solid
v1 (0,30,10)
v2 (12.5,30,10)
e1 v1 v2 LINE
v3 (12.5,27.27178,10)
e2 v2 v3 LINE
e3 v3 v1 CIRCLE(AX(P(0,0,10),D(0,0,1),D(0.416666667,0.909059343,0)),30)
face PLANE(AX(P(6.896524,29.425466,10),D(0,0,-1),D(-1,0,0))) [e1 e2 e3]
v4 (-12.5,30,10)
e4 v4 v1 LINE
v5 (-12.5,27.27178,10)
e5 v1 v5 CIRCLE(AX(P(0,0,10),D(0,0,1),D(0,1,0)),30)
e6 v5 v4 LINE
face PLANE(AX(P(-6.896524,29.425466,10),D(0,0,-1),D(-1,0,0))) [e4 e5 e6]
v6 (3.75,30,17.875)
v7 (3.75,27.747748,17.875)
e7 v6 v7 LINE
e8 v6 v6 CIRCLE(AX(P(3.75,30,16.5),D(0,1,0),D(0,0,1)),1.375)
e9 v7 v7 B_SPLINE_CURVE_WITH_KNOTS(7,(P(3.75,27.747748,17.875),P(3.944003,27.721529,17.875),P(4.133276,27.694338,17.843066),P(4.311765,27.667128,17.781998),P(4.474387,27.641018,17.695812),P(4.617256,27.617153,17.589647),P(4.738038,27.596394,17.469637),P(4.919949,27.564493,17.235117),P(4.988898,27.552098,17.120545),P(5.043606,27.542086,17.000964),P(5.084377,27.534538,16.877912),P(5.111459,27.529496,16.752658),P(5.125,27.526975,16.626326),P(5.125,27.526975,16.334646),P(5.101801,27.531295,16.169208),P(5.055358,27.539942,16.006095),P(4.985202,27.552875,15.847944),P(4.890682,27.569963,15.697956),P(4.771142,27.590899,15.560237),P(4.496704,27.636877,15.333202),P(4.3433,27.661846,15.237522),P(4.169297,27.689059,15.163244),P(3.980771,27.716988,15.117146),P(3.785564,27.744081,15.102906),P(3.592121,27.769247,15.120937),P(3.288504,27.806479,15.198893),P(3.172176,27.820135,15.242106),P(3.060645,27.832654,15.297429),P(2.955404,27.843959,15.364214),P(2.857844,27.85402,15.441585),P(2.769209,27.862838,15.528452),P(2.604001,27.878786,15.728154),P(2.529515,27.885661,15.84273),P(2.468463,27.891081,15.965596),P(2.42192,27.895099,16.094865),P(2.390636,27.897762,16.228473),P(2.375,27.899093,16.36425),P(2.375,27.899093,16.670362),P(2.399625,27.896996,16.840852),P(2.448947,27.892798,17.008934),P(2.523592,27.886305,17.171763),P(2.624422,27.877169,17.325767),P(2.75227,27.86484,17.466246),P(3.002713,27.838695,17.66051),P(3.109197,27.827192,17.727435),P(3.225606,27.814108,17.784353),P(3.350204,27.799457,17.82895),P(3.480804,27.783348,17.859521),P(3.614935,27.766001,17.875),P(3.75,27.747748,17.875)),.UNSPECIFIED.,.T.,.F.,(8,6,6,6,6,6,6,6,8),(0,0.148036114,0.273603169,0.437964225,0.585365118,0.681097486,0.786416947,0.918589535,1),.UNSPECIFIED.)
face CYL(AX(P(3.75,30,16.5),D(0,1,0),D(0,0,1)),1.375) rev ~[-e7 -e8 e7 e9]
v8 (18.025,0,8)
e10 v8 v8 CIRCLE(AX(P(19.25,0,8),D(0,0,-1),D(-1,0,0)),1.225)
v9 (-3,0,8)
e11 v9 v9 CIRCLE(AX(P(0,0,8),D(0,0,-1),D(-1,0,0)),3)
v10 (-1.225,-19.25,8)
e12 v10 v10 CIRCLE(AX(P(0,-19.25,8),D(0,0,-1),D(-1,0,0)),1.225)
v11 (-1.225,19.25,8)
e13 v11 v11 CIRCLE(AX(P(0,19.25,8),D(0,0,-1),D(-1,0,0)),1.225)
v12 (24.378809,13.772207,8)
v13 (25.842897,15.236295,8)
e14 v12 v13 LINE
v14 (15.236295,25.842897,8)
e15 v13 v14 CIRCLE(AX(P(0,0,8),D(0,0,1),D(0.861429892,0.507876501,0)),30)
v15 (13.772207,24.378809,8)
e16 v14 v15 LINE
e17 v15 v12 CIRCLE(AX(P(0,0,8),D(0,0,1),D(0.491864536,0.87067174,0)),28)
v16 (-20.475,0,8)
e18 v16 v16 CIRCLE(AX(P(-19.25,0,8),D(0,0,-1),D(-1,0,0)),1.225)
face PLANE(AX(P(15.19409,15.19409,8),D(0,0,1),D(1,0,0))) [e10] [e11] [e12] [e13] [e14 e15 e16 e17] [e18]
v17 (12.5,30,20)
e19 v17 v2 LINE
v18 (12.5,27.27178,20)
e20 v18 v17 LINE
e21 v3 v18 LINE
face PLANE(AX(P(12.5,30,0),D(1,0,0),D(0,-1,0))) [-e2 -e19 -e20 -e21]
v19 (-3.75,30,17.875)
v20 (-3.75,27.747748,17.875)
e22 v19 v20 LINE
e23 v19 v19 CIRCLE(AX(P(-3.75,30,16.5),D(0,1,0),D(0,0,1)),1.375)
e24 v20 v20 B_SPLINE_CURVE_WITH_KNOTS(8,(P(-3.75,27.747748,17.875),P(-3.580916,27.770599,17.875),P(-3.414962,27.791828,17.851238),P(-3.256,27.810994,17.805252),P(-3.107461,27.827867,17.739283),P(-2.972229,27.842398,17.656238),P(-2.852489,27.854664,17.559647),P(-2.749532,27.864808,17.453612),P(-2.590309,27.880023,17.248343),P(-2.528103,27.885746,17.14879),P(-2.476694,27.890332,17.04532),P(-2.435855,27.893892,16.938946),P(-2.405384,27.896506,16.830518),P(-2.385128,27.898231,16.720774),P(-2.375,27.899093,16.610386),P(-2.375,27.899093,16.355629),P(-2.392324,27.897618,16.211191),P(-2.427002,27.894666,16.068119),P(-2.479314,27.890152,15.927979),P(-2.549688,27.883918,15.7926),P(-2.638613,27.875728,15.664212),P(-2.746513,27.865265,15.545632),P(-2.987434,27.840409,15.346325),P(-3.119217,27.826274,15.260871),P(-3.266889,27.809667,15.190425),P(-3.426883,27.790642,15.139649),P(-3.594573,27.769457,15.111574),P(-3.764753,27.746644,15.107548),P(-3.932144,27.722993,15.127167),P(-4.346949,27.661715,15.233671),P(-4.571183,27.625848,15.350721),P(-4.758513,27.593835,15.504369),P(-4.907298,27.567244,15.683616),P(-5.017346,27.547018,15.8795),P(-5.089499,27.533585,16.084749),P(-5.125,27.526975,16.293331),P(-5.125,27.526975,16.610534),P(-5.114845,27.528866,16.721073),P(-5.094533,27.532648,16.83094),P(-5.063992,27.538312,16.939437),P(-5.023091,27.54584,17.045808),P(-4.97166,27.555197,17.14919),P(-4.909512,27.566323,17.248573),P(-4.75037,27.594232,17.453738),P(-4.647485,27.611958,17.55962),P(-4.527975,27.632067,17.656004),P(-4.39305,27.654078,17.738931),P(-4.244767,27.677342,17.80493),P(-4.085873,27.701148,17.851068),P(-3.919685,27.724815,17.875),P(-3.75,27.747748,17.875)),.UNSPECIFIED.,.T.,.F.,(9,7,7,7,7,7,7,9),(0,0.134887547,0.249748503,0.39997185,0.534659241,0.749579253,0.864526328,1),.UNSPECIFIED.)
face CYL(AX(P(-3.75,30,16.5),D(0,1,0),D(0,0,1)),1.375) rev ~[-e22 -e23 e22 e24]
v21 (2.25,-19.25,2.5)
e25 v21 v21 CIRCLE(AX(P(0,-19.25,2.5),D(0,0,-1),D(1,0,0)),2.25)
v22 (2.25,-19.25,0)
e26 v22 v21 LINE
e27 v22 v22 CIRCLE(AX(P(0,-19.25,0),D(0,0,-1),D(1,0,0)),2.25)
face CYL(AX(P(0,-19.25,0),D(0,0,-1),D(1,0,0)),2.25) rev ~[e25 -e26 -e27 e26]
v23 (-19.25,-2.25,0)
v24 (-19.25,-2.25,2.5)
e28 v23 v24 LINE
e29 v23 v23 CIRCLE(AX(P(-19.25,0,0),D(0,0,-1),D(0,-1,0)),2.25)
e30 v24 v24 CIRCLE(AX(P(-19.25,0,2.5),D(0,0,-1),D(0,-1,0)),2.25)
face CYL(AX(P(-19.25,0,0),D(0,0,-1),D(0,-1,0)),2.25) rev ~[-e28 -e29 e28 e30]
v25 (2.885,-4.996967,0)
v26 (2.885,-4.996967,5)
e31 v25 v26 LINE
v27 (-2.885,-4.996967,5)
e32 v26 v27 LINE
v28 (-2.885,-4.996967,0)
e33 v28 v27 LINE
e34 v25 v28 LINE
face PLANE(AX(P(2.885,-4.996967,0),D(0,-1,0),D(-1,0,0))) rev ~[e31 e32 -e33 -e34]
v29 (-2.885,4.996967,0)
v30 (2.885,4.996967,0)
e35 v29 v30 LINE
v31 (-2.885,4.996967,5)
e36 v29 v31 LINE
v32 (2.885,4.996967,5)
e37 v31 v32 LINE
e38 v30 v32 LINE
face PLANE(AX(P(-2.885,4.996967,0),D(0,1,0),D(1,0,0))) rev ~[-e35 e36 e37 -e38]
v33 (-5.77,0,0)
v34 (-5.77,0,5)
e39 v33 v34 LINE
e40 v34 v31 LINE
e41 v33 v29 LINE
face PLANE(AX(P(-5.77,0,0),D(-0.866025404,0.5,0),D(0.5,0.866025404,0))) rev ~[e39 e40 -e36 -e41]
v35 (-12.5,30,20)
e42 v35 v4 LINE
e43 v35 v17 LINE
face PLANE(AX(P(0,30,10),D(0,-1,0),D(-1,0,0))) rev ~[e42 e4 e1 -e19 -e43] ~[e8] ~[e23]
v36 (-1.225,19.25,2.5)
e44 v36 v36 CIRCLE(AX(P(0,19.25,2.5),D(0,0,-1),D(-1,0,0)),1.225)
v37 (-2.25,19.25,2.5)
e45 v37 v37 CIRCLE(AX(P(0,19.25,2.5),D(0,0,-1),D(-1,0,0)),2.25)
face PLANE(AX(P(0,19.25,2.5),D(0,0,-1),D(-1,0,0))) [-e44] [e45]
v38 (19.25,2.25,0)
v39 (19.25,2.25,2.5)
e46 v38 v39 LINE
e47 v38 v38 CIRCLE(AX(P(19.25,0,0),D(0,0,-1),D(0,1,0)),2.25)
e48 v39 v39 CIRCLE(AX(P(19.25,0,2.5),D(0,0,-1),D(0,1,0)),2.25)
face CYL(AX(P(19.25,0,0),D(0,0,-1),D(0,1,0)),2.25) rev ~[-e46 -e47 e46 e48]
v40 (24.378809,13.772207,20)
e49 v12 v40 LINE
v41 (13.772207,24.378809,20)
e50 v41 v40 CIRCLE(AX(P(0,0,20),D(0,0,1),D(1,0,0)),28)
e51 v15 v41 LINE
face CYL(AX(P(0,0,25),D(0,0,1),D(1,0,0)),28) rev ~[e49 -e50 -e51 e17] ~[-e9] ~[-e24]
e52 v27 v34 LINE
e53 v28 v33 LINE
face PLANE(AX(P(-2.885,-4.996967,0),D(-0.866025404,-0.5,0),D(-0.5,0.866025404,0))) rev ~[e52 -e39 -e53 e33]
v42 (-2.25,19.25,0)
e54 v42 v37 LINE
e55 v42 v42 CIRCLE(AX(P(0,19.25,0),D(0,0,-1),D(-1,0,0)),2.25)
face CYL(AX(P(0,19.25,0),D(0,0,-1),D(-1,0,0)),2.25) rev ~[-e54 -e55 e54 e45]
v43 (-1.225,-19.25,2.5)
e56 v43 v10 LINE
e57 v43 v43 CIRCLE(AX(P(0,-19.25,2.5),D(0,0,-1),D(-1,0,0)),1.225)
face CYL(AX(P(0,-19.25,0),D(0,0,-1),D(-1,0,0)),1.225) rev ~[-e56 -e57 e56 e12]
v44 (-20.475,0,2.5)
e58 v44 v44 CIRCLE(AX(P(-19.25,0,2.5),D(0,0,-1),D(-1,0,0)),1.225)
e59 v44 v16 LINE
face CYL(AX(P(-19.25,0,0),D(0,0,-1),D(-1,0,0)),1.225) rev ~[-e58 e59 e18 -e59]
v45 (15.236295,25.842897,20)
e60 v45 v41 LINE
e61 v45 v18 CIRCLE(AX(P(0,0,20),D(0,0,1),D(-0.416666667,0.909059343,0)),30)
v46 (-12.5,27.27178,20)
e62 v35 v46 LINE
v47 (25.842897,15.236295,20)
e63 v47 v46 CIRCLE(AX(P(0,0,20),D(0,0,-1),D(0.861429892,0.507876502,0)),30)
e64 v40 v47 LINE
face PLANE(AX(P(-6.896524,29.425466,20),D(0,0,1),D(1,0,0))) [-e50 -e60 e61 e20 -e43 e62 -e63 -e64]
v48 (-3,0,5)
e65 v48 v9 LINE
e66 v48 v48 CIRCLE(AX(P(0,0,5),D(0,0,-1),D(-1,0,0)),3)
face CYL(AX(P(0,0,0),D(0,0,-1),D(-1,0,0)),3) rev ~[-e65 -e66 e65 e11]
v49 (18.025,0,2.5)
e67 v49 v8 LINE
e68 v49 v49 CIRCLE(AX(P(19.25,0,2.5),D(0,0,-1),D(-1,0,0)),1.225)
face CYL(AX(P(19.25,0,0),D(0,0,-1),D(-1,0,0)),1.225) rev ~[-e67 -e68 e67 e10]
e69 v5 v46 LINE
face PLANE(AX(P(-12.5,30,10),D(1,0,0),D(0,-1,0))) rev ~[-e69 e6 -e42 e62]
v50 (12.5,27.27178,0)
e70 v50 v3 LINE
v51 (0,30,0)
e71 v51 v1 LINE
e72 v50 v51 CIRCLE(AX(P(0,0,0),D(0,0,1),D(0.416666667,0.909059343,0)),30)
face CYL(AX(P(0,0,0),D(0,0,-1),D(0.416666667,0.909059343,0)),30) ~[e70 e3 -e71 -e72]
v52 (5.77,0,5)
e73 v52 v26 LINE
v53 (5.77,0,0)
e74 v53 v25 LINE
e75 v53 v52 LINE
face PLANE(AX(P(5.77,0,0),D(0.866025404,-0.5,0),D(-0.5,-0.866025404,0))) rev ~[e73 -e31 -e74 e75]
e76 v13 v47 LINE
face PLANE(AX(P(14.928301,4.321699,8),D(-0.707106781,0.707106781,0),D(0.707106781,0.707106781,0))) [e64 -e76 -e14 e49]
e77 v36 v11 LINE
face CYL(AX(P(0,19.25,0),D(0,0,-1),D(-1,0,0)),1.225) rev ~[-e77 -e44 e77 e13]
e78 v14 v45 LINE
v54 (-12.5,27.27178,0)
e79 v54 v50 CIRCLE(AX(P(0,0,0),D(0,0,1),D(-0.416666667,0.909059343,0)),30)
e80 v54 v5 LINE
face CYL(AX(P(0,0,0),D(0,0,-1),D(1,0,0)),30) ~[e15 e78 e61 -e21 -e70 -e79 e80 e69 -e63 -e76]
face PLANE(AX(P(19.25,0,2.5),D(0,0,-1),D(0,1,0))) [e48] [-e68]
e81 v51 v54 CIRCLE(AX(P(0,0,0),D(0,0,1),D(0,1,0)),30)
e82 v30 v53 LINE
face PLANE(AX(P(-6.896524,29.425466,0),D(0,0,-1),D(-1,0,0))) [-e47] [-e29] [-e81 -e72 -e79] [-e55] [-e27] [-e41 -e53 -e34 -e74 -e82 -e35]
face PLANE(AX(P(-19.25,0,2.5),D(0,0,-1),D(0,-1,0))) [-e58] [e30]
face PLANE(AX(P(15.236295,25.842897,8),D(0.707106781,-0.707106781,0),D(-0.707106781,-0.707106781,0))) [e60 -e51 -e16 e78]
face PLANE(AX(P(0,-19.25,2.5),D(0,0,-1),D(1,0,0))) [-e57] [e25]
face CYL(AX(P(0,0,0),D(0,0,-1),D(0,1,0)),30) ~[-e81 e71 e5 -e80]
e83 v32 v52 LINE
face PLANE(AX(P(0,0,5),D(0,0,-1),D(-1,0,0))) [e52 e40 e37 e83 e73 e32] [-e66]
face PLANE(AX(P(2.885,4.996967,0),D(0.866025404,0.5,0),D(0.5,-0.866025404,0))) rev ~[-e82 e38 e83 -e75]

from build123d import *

# Parameters (mm, degrees)
SKETCH_1_R               = 30
EXTRUDE_1_DEPTH          = 25
EXTRUDE_2_DEPTH          = 10
EXTRUDE_3_DEPTH          = 10
CUT_EXTRUDE_1_DEPTH      = 10
SKETCH_5_R               = 1.375
CUT_EXTRUDE_2_DEPTH      = 3
SKETCH_7_R               = 28
CUT_EXTRUDE_4_DEPTH      = 17
SKETCH_8_R               = 1.225
CUT_EXTRUDE_5_DEPTH      = 22
SKETCH_10_R              = 3
CUT_EXTRUDE_6_DEPTH      = 50.244289121
CUT_EXTRUDE_START        = -17
CUT_EXTRUDE_8_DEPTH      = 17
CUT_EXTRUDE_START_2      = -5
SKETCH_14_R              = 30
CUT_EXTRUDE_9_DEPTH      = 5
SKETCH_11_R              = 2.25
CUT_EXTRUDE_10_DEPTH     = 2.5
PATTERN_CIRCULAR_1_COUNT = 4
CUT_EXTRUDE_11_DEPTH     = 5


with BuildPart() as part:
    # 草图1 → 凸台-拉伸1 (new body)
    with BuildSketch(Plane.XY):
        Circle(SKETCH_1_R)
    extrude(amount=EXTRUDE_1_DEPTH)

    # 草图2 → 凸台-拉伸2 (add)
    with BuildSketch(Plane(origin=(0, 0, 0), x_dir=(-1, 0, 0), z_dir=(0, 0, -1))):
        with BuildLine():
            Line((0, 30), (-12.5, 30))
            Line((-12.5, 30), (-12.5, 27.271780287))
            ThreePointArc((-12.5, 27.271780287), (-6.397131834, 29.310010309), (0, 30))
        make_face()
        with BuildLine():
            Line((12.5, 30), (0, 30))
            ThreePointArc((0, 30), (6.397131834, 29.310010309), (12.5, 27.271780287))
            Line((12.5, 27.271780287), (12.5, 30))
        make_face()
    extrude(amount=-EXTRUDE_2_DEPTH)

    # 草图3 → 凸台-拉伸3 (add)
    with BuildSketch(Plane.XY.offset(10)):
        with BuildLine():
            Line((-12.5, 30), (-12.5, 27.271780287))
            ThreePointArc((-12.5, 27.271780287), (-6.397131834, 29.310010309), (0, 30))
            Line((0, 30), (-12.5, 30))
        make_face()
        with BuildLine():
            ThreePointArc((0, 30), (6.397131834, 29.310010309), (12.5, 27.271780287))
            Line((12.5, 27.271780287), (12.5, 30))
            Line((12.5, 30), (0, 30))
        make_face()
    extrude(amount=EXTRUDE_3_DEPTH)

    # 草图4 → 切除-拉伸1 (cut)
    with BuildSketch(Plane(origin=(0, 0, 0), x_dir=(-1, 0, 0), z_dir=(0, 0, -1))):
        with BuildLine():
            Line((-12.5, 30), (-12.5, 27.271780287))
            ThreePointArc((-12.5, 27.271780287), (-6.397131834, 29.310010309), (0, 30))
            Line((0, 30), (-12.5, 30))
        make_face()
        with BuildLine():
            ThreePointArc((0, 30), (6.397131834, 29.310010309), (12.5, 27.271780287))
            Line((12.5, 27.271780287), (12.5, 30))
            Line((12.5, 30), (0, 30))
        make_face()
    extrude(amount=-CUT_EXTRUDE_1_DEPTH, mode=Mode.SUBTRACT)

    # 草图5 → 切除-拉伸2 (cut)
    with BuildSketch(Plane(origin=(0, 30, 0), x_dir=(1, 0, 0), z_dir=(0, 1, 0))):
        with Locations((-3.75, -16.5)):
            Circle(SKETCH_5_R)
        with Locations((3.75, -16.5)):
            Circle(SKETCH_5_R)
    extrude(amount=-CUT_EXTRUDE_2_DEPTH, mode=Mode.SUBTRACT)

    # 草图7 → 切除-拉伸4 (cut)
    with BuildSketch(Plane.XY.offset(25)):
        Circle(SKETCH_7_R)
    extrude(amount=-CUT_EXTRUDE_4_DEPTH, mode=Mode.SUBTRACT)

    # 草图8 → 切除-拉伸5 (cut)
    with BuildSketch(Plane(origin=(0, 0, 0), x_dir=(-1, 0, 0), z_dir=(0, 0, -1))):
        with Locations((0, 19.25)):
            Circle(SKETCH_8_R)
        with Locations((19.25, 0)):
            Circle(SKETCH_8_R)
        with Locations((0, -19.25)):
            Circle(SKETCH_8_R)
        with Locations((-19.25, 0)):
            Circle(SKETCH_8_R)
    extrude(amount=-CUT_EXTRUDE_5_DEPTH, mode=Mode.SUBTRACT)

    # 草图10 → 切除-拉伸6 (cut, through all)
    with BuildSketch(Plane(origin=(0, 0, 0), x_dir=(-1, 0, 0), z_dir=(0, 0, -1))):
        Circle(SKETCH_10_R)
    extrude(amount=-CUT_EXTRUDE_6_DEPTH, mode=Mode.SUBTRACT)

    # 草图13 → 切除-拉伸8 (cut)
    with BuildSketch(Plane.XY.offset(25).offset(CUT_EXTRUDE_START)):
        with BuildLine():
            Line((14.928300859, 4.321699141), (25.842896765, 15.236295048))
            ThreePointArc((25.842896765, 15.236295048), (21.213203436, 21.213203436), (15.236295048, 25.842896765))
            Line((15.236295048, 25.842896765), (4.321699141, 14.928300859))
            Line((4.321699141, 14.928300859), (14.928300859, 4.321699141))
        make_face()
    extrude(amount=CUT_EXTRUDE_8_DEPTH, mode=Mode.SUBTRACT)

    # 草图14 → 切除-拉伸9 (cut)
    with BuildSketch(Plane.XY.offset(25).offset(CUT_EXTRUDE_START_2)):
        Circle(SKETCH_14_R)
    extrude(amount=CUT_EXTRUDE_9_DEPTH, mode=Mode.SUBTRACT)

    # 草图11 → 切除-拉伸10 (cut)
    with BuildSketch(Plane(origin=(0, 0, 0), x_dir=(-1, 0, 0), z_dir=(0, 0, -1))):
        with Locations((0, 19.25)):
            Circle(SKETCH_11_R)
    cut_extrude_10 = extrude(amount=-CUT_EXTRUDE_10_DEPTH, mode=Mode.SUBTRACT)

    # 阵列(圆周)1: 切除-拉伸10 ×4 about axis
    pattern_circular_1_axis = Axis((0, 0, 0), (0, 0, -1))
    for i in range(1, PATTERN_CIRCULAR_1_COUNT):
        add(cut_extrude_10.rotate(pattern_circular_1_axis, i * 360 / PATTERN_CIRCULAR_1_COUNT), mode=Mode.SUBTRACT)

    # 草图17 → 切除-拉伸11 (cut)
    with BuildSketch(Plane(origin=(0, 0, 0), x_dir=(-1, 0, 0), z_dir=(0, 0, -1))):
        Polygon((5.77, 0), (2.885, 4.99696658), (-2.885, 4.99696658), (-5.77, 0), (-2.885, -4.99696658), (2.885, -4.99696658), align=None)
    extrude(amount=-CUT_EXTRUDE_11_DEPTH, mode=Mode.SUBTRACT)


solid = part.part
